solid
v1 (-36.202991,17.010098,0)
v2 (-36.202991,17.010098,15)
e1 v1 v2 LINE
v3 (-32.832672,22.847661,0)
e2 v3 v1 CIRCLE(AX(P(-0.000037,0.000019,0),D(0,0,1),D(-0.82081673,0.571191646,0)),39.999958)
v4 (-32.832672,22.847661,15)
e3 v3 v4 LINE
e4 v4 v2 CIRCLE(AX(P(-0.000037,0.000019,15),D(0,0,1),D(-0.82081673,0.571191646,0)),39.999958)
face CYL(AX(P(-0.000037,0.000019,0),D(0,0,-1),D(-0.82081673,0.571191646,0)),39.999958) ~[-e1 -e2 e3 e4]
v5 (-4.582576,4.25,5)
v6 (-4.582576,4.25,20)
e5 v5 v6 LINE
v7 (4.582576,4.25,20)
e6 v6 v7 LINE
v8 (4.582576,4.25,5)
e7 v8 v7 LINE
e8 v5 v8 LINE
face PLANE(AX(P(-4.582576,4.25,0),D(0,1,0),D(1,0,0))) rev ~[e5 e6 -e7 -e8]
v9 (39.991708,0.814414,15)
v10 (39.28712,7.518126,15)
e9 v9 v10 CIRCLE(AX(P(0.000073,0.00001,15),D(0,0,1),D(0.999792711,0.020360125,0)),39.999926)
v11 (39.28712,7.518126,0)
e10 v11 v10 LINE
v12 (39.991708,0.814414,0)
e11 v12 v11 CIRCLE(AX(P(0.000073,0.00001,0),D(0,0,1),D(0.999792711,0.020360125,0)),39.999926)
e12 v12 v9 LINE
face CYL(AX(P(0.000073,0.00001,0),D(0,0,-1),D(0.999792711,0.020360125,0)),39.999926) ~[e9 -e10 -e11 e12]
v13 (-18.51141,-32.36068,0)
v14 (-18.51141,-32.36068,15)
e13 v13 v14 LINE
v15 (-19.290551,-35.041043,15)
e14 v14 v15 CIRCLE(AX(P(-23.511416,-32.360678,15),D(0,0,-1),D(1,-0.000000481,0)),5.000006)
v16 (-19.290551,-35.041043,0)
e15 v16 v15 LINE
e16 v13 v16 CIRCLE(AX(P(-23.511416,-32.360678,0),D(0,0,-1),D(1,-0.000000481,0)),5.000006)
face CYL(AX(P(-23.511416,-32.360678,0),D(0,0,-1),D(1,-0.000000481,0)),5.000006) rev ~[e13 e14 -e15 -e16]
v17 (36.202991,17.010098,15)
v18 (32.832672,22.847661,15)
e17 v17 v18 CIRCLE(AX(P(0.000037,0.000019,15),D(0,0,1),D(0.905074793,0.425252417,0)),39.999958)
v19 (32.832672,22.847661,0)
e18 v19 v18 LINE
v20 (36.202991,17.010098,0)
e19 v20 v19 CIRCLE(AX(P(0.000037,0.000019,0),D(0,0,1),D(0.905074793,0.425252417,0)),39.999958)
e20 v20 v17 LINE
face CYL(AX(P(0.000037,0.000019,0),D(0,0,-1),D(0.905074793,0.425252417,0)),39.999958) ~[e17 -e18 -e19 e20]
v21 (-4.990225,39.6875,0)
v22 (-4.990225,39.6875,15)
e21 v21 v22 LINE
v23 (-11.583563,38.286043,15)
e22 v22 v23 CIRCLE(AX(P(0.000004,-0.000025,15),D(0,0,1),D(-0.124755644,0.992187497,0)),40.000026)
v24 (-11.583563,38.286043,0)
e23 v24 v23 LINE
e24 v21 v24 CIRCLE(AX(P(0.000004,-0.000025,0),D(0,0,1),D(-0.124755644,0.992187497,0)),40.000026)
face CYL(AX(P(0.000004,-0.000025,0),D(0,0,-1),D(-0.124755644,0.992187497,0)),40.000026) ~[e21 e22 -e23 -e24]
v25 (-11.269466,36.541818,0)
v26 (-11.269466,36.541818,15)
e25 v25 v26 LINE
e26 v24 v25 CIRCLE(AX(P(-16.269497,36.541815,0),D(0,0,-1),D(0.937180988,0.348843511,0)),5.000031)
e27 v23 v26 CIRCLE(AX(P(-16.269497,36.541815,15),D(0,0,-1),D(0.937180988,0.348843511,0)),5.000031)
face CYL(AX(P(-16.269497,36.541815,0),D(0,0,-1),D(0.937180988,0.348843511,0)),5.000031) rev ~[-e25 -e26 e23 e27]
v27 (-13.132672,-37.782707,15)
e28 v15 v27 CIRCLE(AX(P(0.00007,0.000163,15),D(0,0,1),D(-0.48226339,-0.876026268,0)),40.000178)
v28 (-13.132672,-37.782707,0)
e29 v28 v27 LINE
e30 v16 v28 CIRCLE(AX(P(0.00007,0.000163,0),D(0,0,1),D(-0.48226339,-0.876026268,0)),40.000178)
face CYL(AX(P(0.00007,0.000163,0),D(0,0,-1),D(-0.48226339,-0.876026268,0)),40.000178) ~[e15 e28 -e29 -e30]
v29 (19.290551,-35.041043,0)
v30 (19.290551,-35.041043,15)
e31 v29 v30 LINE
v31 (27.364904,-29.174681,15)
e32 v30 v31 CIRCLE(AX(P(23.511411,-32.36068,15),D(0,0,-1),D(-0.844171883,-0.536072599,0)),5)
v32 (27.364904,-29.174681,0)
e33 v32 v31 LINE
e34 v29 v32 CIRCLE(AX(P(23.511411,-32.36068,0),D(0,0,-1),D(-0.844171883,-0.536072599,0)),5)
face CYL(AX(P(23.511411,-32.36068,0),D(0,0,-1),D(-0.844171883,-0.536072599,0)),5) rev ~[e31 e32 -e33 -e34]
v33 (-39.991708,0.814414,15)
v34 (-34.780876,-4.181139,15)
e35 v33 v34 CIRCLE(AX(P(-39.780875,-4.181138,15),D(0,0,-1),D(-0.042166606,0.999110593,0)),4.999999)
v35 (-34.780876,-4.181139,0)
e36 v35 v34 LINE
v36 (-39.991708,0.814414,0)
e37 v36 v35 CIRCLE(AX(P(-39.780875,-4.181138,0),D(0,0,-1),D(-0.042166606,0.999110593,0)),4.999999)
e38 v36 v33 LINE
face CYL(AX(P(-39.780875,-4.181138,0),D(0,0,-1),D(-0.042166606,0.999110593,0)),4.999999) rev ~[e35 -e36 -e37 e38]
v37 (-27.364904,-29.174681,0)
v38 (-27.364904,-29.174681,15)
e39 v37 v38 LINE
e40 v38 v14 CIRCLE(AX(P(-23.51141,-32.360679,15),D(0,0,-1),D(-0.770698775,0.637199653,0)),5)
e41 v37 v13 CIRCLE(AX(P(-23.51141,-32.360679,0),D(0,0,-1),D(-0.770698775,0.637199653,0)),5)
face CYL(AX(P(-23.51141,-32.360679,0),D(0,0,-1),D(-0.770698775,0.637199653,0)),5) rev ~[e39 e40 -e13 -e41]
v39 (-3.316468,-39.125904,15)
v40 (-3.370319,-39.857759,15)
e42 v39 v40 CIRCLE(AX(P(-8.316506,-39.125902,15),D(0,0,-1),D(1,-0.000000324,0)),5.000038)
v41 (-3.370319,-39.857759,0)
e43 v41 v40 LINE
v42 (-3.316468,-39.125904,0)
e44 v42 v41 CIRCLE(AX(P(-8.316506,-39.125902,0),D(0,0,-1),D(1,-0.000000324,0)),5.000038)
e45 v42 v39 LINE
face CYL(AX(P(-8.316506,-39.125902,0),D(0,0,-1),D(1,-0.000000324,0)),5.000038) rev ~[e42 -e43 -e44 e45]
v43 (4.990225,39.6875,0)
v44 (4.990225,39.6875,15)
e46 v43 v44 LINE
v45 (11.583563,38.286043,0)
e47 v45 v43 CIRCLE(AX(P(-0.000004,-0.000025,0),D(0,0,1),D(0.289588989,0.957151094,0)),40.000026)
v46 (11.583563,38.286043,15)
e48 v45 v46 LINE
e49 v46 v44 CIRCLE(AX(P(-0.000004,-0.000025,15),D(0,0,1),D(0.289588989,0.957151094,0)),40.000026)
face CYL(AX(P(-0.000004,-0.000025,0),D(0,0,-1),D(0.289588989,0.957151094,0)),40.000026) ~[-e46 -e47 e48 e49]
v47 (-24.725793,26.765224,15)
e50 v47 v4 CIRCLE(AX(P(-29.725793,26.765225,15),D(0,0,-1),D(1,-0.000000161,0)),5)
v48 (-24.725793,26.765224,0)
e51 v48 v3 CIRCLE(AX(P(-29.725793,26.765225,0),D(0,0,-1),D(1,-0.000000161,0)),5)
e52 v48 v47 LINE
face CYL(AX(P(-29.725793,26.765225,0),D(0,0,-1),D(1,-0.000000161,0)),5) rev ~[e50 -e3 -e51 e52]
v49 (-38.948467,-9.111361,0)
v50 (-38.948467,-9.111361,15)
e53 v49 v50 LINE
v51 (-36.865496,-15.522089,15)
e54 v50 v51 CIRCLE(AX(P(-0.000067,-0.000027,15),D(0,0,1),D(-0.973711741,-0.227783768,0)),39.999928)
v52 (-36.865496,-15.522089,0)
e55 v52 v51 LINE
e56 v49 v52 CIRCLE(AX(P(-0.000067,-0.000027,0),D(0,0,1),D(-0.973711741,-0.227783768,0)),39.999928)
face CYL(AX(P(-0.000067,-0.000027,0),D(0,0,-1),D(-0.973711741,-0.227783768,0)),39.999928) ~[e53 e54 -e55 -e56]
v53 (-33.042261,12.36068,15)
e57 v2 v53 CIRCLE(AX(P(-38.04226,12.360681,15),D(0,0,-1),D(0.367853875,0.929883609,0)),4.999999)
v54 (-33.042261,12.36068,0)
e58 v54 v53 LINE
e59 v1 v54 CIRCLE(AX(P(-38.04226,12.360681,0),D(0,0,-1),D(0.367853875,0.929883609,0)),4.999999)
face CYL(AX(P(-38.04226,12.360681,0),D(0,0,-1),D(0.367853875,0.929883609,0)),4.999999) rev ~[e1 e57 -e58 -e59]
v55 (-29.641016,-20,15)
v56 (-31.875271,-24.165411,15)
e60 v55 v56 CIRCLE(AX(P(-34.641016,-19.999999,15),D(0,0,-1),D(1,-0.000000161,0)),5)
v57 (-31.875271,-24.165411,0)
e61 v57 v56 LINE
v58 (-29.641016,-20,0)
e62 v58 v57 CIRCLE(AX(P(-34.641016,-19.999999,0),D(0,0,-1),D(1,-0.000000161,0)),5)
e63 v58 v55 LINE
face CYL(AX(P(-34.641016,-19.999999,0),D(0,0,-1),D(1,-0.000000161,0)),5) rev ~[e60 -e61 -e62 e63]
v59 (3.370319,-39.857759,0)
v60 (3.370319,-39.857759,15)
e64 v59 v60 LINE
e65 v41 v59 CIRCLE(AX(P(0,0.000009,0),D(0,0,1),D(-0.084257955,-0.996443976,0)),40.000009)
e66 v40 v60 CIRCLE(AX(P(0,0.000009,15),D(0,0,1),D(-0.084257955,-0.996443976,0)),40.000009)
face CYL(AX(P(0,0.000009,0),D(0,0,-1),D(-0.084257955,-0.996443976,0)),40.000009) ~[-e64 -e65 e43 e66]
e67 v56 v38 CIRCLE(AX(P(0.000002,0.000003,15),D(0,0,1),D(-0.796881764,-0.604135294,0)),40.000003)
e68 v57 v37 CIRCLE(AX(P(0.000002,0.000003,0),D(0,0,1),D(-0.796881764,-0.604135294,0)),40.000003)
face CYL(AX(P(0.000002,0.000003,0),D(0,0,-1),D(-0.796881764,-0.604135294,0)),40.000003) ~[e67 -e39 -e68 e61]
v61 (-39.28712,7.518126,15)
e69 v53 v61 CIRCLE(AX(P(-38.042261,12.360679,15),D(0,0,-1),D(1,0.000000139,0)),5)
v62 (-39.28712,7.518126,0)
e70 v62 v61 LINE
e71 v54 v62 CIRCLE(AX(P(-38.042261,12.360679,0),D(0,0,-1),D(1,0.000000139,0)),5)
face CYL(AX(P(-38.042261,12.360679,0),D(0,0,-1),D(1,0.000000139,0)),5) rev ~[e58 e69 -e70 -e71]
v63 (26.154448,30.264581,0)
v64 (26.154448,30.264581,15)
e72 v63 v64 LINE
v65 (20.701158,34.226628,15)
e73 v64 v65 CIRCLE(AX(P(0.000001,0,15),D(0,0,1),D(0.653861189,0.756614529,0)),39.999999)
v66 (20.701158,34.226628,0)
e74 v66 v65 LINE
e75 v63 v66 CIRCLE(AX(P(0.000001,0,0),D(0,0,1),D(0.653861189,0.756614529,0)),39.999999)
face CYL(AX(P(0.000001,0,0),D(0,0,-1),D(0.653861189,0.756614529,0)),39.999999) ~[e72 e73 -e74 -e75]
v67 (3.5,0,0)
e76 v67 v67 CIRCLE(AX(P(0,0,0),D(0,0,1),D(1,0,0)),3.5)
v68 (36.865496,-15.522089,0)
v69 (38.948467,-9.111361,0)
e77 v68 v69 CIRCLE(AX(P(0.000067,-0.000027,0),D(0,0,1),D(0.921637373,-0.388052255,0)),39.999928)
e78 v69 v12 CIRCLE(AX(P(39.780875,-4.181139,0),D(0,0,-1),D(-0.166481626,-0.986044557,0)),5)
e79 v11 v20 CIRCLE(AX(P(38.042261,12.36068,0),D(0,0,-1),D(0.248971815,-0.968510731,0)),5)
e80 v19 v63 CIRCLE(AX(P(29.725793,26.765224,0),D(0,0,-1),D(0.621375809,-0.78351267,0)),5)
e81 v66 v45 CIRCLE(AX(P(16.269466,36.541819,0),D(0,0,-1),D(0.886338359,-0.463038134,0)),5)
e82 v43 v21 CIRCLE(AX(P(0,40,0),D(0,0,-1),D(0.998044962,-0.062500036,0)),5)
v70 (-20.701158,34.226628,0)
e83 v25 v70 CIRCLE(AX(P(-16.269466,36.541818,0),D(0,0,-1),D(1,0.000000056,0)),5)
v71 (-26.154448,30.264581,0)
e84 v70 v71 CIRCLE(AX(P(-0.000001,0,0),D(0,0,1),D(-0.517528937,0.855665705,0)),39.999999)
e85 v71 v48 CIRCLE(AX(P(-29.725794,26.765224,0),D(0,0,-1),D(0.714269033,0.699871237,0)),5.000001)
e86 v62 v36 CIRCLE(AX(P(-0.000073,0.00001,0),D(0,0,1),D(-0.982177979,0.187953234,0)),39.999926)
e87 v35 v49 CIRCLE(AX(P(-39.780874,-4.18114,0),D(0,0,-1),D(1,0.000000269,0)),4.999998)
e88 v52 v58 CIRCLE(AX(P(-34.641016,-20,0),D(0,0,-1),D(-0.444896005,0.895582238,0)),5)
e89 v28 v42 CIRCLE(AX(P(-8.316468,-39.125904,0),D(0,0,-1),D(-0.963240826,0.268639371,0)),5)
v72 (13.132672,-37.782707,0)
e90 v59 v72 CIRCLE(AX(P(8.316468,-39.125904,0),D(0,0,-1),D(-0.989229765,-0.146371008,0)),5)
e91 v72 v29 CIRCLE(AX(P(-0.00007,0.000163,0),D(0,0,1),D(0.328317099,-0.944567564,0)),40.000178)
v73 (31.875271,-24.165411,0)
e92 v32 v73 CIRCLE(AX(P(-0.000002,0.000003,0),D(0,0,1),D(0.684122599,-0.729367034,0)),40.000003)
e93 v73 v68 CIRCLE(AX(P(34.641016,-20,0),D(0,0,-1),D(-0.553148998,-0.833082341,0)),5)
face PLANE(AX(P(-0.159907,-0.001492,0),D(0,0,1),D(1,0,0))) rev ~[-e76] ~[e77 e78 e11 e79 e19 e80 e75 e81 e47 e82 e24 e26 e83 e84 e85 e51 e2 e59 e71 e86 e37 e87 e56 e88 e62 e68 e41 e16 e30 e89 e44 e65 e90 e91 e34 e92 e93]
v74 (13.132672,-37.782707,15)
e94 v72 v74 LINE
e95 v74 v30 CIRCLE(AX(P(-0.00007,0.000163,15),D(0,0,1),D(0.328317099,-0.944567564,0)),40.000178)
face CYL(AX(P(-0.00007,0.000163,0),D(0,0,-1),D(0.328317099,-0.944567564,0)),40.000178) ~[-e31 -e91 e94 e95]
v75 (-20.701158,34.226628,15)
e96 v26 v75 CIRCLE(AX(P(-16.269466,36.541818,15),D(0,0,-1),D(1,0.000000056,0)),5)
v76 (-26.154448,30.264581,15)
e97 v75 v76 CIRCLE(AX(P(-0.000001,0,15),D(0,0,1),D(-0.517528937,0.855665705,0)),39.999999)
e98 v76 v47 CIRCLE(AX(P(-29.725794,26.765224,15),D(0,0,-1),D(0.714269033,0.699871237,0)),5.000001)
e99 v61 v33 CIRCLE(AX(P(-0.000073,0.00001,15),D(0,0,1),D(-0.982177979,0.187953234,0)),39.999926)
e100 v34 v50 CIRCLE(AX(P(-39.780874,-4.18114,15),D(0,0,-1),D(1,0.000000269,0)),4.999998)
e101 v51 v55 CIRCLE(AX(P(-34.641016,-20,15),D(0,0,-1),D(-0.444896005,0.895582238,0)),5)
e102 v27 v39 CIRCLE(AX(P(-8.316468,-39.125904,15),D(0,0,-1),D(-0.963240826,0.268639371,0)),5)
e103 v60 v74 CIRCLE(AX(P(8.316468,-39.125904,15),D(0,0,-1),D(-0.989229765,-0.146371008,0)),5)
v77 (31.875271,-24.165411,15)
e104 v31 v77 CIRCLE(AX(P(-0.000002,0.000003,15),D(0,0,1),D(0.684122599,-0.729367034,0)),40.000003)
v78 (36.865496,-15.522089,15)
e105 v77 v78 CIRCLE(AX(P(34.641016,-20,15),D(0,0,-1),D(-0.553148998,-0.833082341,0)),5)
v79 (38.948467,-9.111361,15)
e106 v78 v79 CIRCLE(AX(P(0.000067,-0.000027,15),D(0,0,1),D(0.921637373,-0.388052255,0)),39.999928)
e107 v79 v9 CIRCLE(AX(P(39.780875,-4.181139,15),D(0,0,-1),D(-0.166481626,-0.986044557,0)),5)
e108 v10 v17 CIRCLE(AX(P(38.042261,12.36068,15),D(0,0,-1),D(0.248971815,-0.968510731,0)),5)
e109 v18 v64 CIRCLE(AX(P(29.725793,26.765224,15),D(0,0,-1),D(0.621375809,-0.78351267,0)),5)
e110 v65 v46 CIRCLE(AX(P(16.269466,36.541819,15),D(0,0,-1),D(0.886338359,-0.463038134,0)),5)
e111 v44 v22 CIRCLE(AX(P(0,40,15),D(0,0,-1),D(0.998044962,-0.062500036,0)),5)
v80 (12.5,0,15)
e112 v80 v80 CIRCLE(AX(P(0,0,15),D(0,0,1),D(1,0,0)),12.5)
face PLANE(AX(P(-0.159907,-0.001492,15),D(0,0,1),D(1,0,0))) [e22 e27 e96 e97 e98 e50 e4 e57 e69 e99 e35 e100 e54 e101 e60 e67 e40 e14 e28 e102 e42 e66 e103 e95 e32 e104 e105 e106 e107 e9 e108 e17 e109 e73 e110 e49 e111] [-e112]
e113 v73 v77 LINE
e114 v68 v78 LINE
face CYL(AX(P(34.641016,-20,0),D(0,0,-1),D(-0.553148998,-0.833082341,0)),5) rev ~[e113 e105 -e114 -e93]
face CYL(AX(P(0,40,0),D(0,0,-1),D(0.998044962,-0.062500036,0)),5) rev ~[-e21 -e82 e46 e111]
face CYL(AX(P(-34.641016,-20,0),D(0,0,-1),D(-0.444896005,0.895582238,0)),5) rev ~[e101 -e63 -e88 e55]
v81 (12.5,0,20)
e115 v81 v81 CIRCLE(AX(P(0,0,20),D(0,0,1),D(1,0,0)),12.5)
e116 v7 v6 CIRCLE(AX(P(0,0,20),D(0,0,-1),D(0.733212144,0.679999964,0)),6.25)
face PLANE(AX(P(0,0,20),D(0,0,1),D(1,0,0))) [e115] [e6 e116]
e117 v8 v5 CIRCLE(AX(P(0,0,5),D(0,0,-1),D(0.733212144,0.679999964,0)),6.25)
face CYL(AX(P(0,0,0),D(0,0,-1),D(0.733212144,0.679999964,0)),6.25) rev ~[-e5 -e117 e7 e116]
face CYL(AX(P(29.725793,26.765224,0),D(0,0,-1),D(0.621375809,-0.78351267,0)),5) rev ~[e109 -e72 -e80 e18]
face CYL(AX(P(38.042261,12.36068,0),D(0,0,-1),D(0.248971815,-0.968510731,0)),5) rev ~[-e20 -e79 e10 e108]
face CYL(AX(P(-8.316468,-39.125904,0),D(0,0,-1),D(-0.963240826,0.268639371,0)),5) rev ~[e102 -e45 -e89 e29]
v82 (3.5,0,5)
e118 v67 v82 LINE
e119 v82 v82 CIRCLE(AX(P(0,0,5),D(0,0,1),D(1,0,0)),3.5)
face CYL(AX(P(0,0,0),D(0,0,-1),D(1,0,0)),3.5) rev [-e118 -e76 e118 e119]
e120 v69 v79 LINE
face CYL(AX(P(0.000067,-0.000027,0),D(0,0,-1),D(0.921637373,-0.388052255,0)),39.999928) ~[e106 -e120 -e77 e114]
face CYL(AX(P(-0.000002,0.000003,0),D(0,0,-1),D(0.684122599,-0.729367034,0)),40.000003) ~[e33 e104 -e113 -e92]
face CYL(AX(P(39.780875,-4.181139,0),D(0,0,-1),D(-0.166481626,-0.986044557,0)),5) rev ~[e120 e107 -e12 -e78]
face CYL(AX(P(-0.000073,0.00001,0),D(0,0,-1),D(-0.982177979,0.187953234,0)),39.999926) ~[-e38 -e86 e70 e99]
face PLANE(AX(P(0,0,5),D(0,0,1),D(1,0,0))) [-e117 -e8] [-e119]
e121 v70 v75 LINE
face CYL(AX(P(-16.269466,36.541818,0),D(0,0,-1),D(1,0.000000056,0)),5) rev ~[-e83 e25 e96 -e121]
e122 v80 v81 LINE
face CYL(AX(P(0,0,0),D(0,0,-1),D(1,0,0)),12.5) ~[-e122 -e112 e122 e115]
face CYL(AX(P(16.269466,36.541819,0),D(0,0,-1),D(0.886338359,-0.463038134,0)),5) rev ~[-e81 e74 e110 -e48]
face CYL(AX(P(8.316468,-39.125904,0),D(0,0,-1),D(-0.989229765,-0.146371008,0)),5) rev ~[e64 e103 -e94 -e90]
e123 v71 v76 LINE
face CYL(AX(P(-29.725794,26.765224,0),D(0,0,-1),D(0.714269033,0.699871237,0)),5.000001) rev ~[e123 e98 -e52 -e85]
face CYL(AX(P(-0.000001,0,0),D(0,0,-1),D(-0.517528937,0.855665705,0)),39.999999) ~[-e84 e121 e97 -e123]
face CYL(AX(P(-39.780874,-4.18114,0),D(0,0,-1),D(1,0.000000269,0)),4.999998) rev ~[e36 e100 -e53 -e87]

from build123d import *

# Parameters (mm, degrees)
F0_R     = 12.5
F1_DEPTH = 15
F2_DEPTH = 20
F3_R     = 10
F3_R_2   = 3.5
F4_DEPTH = 5
F5_DEPTH = 15
F6_DEPTH = 20


with BuildPart() as f1:
    # F0 (on Top) → F1 (new body)
    with BuildSketch(Plane.XY):
        with BuildLine():
            ThreePointArc((38.948467, -9.111361), (34.808266, -3.658496), (39.991708, 0.814414))
            ThreePointArc((39.991708, 0.814414), (39.780876, 4.181139), (39.28712, 7.518126))
            ThreePointArc((39.28712, 7.518126), (33.286978, 10.815595), (36.202991, 17.010098))
            ThreePointArc((36.202991, 17.010098), (34.641016, 20), (32.832672, 22.847661))
            ThreePointArc((32.832672, 22.847661), (26.010069, 23.419571), (26.154448, 30.264581))
            ThreePointArc((26.154448, 30.264581), (23.51141, 32.36068), (20.701158, 34.226628))
            ThreePointArc((20.701158, 34.226628), (14.235783, 31.974091), (11.583563, 38.286043))
            ThreePointArc((11.583563, 38.286043), (8.316468, 39.125904), (4.990225, 39.6875))
            ThreePointArc((4.990225, 39.6875), (0, 35), (-4.990225, 39.6875))
            ThreePointArc((-4.990225, 39.6875), (-8.316468, 39.125904), (-11.583563, 38.286043))
            ThreePointArc((-11.583563, 38.286043), (-11.348617, 37.427958), (-11.269466, 36.541818))
            ThreePointArc((-11.269466, 36.541818), (-15.077505, 31.685973), (-20.701158, 34.226628))
            ThreePointArc((-20.701158, 34.226628), (-23.51141, 32.36068), (-26.154448, 30.264581))
            ThreePointArc((-26.154448, 30.264581), (-25.096715, 28.655102), (-24.725793, 26.765224))
            ThreePointArc((-24.725793, 26.765224), (-27.550293, 22.263314), (-32.832672, 22.847661))
            ThreePointArc((-32.832672, 22.847661), (-34.641016, 20), (-36.202991, 17.010098))
            ThreePointArc((-36.202991, 17.010098), (-33.907267, 15.171699), (-33.042261, 12.36068))
            ThreePointArc((-33.042261, 12.36068), (-34.9783, 8.409459), (-39.28712, 7.518126))
            ThreePointArc((-39.28712, 7.518126), (-39.780876, 4.181139), (-39.991708, 0.814414))
            ThreePointArc((-39.991708, 0.814414), (-36.320685, -0.571834), (-34.780876, -4.181139))
            ThreePointArc((-34.780876, -4.181139), (-35.962365, -7.408983), (-38.948467, -9.111361))
            ThreePointArc((-38.948467, -9.111361), (-38.042261, -12.36068), (-36.865496, -15.522089))
            ThreePointArc((-36.865496, -15.522089), (-32.006856, -15.750153), (-29.641016, -20))
            ThreePointArc((-29.641016, -20), (-30.234843, -22.363395), (-31.875271, -24.165411))
            ThreePointArc((-31.875271, -24.165411), (-29.725793, -26.765224), (-27.364904, -29.174681))
            ThreePointArc((-27.364904, -29.174681), (-21.818405, -27.656029), (-18.51141, -32.36068))
            ThreePointArc((-18.51141, -32.36068), (-18.710145, -33.756334), (-19.290551, -35.041043))
            ThreePointArc((-19.290551, -35.041043), (-16.269466, -36.541818), (-13.132672, -37.782707))
            ThreePointArc((-13.132672, -37.782707), (-7.638611, -34.172066), (-3.316468, -39.125904))
            ThreePointArc((-3.316468, -39.125904), (-3.329949, -39.492821), (-3.370319, -39.857759))
            ThreePointArc((-3.370319, -39.857759), (0, -40), (3.370319, -39.857759))
            ThreePointArc((3.370319, -39.857759), (7.276909, -34.235166), (13.132672, -37.782707))
            ThreePointArc((13.132672, -37.782707), (16.269466, -36.541818), (19.290551, -35.041043))
            ThreePointArc((19.290551, -35.041043), (20.572484, -28.315595), (27.364904, -29.174681))
            ThreePointArc((27.364904, -29.174681), (29.725793, -26.765224), (31.875271, -24.165411))
            ThreePointArc((31.875271, -24.165411), (30.310889, -17.5), (36.865496, -15.522089))
            ThreePointArc((36.865496, -15.522089), (38.042261, -12.36068), (38.948467, -9.111361))
        make_face()
        Circle(F0_R, mode=Mode.SUBTRACT)
    extrude(amount=F1_DEPTH)

    # F0 (on Top) → F2 (join)
    with BuildSketch(Plane.XY):
        Circle(F0_R)
        with BuildLine():
            ThreePointArc((4.582576, 4.25), (0, -6.25), (-4.582576, 4.25))
            Line((-4.582576, 4.25), (4.582576, 4.25))
        make_face(mode=Mode.SUBTRACT)
    extrude(amount=F2_DEPTH)

    # F3 (on Top) → F4 (join)
    with BuildSketch(Plane.XY):
        Circle(F3_R)
        Circle(F3_R_2, mode=Mode.SUBTRACT)
    extrude(amount=F4_DEPTH)



with BuildPart() as f5:
    # F0 (on Top) → F5 (new body)
    with BuildSketch(Plane.XY):
        with BuildLine():
            ThreePointArc((38.948467, -9.111361), (34.808266, -3.658496), (39.991708, 0.814414))
            ThreePointArc((39.991708, 0.814414), (39.780876, 4.181139), (39.28712, 7.518126))
            ThreePointArc((39.28712, 7.518126), (33.286978, 10.815595), (36.202991, 17.010098))
            ThreePointArc((36.202991, 17.010098), (34.641016, 20), (32.832672, 22.847661))
            ThreePointArc((32.832672, 22.847661), (26.010069, 23.419571), (26.154448, 30.264581))
            ThreePointArc((26.154448, 30.264581), (23.51141, 32.36068), (20.701158, 34.226628))
            ThreePointArc((20.701158, 34.226628), (14.235783, 31.974091), (11.583563, 38.286043))
            ThreePointArc((11.583563, 38.286043), (8.316468, 39.125904), (4.990225, 39.6875))
            ThreePointArc((4.990225, 39.6875), (0, 35), (-4.990225, 39.6875))
            ThreePointArc((-4.990225, 39.6875), (-8.316468, 39.125904), (-11.583563, 38.286043))
            ThreePointArc((-11.583563, 38.286043), (-11.348617, 37.427958), (-11.269466, 36.541818))
            ThreePointArc((-11.269466, 36.541818), (-15.077505, 31.685973), (-20.701158, 34.226628))
            ThreePointArc((-20.701158, 34.226628), (-23.51141, 32.36068), (-26.154448, 30.264581))
            ThreePointArc((-26.154448, 30.264581), (-25.096715, 28.655102), (-24.725793, 26.765224))
            ThreePointArc((-24.725793, 26.765224), (-27.550293, 22.263314), (-32.832672, 22.847661))
            ThreePointArc((-32.832672, 22.847661), (-34.641016, 20), (-36.202991, 17.010098))
            ThreePointArc((-36.202991, 17.010098), (-33.907267, 15.171699), (-33.042261, 12.36068))
            ThreePointArc((-33.042261, 12.36068), (-34.9783, 8.409459), (-39.28712, 7.518126))
            ThreePointArc((-39.28712, 7.518126), (-39.780876, 4.181139), (-39.991708, 0.814414))
            ThreePointArc((-39.991708, 0.814414), (-36.320685, -0.571834), (-34.780876, -4.181139))
            ThreePointArc((-34.780876, -4.181139), (-35.962365, -7.408983), (-38.948467, -9.111361))
            ThreePointArc((-38.948467, -9.111361), (-38.042261, -12.36068), (-36.865496, -15.522089))
            ThreePointArc((-36.865496, -15.522089), (-32.006856, -15.750153), (-29.641016, -20))
            ThreePointArc((-29.641016, -20), (-30.234843, -22.363395), (-31.875271, -24.165411))
            ThreePointArc((-31.875271, -24.165411), (-29.725793, -26.765224), (-27.364904, -29.174681))
            ThreePointArc((-27.364904, -29.174681), (-21.818405, -27.656029), (-18.51141, -32.36068))
            ThreePointArc((-18.51141, -32.36068), (-18.710145, -33.756334), (-19.290551, -35.041043))
            ThreePointArc((-19.290551, -35.041043), (-16.269466, -36.541818), (-13.132672, -37.782707))
            ThreePointArc((-13.132672, -37.782707), (-7.638611, -34.172066), (-3.316468, -39.125904))
            ThreePointArc((-3.316468, -39.125904), (-3.329949, -39.492821), (-3.370319, -39.857759))
            ThreePointArc((-3.370319, -39.857759), (0, -40), (3.370319, -39.857759))
            ThreePointArc((3.370319, -39.857759), (7.276909, -34.235166), (13.132672, -37.782707))
            ThreePointArc((13.132672, -37.782707), (16.269466, -36.541818), (19.290551, -35.041043))
            ThreePointArc((19.290551, -35.041043), (20.572484, -28.315595), (27.364904, -29.174681))
            ThreePointArc((27.364904, -29.174681), (29.725793, -26.765224), (31.875271, -24.165411))
            ThreePointArc((31.875271, -24.165411), (30.310889, -17.5), (36.865496, -15.522089))
            ThreePointArc((36.865496, -15.522089), (38.042261, -12.36068), (38.948467, -9.111361))
        make_face()
        Circle(F0_R, mode=Mode.SUBTRACT)
    extrude(amount=F5_DEPTH)


with BuildPart() as f1_1:
    add(f1.part)

    add(f5.part)  # F6 merges F5
    # F0 (on Top) → F6 (join)
    with BuildSketch(Plane.XY):
        Circle(F0_R)
        with BuildLine():
            ThreePointArc((4.582576, 4.25), (0, -6.25), (-4.582576, 4.25))
            Line((-4.582576, 4.25), (4.582576, 4.25))
        make_face(mode=Mode.SUBTRACT)
    extrude(amount=F6_DEPTH)


solid = f1_1.part
